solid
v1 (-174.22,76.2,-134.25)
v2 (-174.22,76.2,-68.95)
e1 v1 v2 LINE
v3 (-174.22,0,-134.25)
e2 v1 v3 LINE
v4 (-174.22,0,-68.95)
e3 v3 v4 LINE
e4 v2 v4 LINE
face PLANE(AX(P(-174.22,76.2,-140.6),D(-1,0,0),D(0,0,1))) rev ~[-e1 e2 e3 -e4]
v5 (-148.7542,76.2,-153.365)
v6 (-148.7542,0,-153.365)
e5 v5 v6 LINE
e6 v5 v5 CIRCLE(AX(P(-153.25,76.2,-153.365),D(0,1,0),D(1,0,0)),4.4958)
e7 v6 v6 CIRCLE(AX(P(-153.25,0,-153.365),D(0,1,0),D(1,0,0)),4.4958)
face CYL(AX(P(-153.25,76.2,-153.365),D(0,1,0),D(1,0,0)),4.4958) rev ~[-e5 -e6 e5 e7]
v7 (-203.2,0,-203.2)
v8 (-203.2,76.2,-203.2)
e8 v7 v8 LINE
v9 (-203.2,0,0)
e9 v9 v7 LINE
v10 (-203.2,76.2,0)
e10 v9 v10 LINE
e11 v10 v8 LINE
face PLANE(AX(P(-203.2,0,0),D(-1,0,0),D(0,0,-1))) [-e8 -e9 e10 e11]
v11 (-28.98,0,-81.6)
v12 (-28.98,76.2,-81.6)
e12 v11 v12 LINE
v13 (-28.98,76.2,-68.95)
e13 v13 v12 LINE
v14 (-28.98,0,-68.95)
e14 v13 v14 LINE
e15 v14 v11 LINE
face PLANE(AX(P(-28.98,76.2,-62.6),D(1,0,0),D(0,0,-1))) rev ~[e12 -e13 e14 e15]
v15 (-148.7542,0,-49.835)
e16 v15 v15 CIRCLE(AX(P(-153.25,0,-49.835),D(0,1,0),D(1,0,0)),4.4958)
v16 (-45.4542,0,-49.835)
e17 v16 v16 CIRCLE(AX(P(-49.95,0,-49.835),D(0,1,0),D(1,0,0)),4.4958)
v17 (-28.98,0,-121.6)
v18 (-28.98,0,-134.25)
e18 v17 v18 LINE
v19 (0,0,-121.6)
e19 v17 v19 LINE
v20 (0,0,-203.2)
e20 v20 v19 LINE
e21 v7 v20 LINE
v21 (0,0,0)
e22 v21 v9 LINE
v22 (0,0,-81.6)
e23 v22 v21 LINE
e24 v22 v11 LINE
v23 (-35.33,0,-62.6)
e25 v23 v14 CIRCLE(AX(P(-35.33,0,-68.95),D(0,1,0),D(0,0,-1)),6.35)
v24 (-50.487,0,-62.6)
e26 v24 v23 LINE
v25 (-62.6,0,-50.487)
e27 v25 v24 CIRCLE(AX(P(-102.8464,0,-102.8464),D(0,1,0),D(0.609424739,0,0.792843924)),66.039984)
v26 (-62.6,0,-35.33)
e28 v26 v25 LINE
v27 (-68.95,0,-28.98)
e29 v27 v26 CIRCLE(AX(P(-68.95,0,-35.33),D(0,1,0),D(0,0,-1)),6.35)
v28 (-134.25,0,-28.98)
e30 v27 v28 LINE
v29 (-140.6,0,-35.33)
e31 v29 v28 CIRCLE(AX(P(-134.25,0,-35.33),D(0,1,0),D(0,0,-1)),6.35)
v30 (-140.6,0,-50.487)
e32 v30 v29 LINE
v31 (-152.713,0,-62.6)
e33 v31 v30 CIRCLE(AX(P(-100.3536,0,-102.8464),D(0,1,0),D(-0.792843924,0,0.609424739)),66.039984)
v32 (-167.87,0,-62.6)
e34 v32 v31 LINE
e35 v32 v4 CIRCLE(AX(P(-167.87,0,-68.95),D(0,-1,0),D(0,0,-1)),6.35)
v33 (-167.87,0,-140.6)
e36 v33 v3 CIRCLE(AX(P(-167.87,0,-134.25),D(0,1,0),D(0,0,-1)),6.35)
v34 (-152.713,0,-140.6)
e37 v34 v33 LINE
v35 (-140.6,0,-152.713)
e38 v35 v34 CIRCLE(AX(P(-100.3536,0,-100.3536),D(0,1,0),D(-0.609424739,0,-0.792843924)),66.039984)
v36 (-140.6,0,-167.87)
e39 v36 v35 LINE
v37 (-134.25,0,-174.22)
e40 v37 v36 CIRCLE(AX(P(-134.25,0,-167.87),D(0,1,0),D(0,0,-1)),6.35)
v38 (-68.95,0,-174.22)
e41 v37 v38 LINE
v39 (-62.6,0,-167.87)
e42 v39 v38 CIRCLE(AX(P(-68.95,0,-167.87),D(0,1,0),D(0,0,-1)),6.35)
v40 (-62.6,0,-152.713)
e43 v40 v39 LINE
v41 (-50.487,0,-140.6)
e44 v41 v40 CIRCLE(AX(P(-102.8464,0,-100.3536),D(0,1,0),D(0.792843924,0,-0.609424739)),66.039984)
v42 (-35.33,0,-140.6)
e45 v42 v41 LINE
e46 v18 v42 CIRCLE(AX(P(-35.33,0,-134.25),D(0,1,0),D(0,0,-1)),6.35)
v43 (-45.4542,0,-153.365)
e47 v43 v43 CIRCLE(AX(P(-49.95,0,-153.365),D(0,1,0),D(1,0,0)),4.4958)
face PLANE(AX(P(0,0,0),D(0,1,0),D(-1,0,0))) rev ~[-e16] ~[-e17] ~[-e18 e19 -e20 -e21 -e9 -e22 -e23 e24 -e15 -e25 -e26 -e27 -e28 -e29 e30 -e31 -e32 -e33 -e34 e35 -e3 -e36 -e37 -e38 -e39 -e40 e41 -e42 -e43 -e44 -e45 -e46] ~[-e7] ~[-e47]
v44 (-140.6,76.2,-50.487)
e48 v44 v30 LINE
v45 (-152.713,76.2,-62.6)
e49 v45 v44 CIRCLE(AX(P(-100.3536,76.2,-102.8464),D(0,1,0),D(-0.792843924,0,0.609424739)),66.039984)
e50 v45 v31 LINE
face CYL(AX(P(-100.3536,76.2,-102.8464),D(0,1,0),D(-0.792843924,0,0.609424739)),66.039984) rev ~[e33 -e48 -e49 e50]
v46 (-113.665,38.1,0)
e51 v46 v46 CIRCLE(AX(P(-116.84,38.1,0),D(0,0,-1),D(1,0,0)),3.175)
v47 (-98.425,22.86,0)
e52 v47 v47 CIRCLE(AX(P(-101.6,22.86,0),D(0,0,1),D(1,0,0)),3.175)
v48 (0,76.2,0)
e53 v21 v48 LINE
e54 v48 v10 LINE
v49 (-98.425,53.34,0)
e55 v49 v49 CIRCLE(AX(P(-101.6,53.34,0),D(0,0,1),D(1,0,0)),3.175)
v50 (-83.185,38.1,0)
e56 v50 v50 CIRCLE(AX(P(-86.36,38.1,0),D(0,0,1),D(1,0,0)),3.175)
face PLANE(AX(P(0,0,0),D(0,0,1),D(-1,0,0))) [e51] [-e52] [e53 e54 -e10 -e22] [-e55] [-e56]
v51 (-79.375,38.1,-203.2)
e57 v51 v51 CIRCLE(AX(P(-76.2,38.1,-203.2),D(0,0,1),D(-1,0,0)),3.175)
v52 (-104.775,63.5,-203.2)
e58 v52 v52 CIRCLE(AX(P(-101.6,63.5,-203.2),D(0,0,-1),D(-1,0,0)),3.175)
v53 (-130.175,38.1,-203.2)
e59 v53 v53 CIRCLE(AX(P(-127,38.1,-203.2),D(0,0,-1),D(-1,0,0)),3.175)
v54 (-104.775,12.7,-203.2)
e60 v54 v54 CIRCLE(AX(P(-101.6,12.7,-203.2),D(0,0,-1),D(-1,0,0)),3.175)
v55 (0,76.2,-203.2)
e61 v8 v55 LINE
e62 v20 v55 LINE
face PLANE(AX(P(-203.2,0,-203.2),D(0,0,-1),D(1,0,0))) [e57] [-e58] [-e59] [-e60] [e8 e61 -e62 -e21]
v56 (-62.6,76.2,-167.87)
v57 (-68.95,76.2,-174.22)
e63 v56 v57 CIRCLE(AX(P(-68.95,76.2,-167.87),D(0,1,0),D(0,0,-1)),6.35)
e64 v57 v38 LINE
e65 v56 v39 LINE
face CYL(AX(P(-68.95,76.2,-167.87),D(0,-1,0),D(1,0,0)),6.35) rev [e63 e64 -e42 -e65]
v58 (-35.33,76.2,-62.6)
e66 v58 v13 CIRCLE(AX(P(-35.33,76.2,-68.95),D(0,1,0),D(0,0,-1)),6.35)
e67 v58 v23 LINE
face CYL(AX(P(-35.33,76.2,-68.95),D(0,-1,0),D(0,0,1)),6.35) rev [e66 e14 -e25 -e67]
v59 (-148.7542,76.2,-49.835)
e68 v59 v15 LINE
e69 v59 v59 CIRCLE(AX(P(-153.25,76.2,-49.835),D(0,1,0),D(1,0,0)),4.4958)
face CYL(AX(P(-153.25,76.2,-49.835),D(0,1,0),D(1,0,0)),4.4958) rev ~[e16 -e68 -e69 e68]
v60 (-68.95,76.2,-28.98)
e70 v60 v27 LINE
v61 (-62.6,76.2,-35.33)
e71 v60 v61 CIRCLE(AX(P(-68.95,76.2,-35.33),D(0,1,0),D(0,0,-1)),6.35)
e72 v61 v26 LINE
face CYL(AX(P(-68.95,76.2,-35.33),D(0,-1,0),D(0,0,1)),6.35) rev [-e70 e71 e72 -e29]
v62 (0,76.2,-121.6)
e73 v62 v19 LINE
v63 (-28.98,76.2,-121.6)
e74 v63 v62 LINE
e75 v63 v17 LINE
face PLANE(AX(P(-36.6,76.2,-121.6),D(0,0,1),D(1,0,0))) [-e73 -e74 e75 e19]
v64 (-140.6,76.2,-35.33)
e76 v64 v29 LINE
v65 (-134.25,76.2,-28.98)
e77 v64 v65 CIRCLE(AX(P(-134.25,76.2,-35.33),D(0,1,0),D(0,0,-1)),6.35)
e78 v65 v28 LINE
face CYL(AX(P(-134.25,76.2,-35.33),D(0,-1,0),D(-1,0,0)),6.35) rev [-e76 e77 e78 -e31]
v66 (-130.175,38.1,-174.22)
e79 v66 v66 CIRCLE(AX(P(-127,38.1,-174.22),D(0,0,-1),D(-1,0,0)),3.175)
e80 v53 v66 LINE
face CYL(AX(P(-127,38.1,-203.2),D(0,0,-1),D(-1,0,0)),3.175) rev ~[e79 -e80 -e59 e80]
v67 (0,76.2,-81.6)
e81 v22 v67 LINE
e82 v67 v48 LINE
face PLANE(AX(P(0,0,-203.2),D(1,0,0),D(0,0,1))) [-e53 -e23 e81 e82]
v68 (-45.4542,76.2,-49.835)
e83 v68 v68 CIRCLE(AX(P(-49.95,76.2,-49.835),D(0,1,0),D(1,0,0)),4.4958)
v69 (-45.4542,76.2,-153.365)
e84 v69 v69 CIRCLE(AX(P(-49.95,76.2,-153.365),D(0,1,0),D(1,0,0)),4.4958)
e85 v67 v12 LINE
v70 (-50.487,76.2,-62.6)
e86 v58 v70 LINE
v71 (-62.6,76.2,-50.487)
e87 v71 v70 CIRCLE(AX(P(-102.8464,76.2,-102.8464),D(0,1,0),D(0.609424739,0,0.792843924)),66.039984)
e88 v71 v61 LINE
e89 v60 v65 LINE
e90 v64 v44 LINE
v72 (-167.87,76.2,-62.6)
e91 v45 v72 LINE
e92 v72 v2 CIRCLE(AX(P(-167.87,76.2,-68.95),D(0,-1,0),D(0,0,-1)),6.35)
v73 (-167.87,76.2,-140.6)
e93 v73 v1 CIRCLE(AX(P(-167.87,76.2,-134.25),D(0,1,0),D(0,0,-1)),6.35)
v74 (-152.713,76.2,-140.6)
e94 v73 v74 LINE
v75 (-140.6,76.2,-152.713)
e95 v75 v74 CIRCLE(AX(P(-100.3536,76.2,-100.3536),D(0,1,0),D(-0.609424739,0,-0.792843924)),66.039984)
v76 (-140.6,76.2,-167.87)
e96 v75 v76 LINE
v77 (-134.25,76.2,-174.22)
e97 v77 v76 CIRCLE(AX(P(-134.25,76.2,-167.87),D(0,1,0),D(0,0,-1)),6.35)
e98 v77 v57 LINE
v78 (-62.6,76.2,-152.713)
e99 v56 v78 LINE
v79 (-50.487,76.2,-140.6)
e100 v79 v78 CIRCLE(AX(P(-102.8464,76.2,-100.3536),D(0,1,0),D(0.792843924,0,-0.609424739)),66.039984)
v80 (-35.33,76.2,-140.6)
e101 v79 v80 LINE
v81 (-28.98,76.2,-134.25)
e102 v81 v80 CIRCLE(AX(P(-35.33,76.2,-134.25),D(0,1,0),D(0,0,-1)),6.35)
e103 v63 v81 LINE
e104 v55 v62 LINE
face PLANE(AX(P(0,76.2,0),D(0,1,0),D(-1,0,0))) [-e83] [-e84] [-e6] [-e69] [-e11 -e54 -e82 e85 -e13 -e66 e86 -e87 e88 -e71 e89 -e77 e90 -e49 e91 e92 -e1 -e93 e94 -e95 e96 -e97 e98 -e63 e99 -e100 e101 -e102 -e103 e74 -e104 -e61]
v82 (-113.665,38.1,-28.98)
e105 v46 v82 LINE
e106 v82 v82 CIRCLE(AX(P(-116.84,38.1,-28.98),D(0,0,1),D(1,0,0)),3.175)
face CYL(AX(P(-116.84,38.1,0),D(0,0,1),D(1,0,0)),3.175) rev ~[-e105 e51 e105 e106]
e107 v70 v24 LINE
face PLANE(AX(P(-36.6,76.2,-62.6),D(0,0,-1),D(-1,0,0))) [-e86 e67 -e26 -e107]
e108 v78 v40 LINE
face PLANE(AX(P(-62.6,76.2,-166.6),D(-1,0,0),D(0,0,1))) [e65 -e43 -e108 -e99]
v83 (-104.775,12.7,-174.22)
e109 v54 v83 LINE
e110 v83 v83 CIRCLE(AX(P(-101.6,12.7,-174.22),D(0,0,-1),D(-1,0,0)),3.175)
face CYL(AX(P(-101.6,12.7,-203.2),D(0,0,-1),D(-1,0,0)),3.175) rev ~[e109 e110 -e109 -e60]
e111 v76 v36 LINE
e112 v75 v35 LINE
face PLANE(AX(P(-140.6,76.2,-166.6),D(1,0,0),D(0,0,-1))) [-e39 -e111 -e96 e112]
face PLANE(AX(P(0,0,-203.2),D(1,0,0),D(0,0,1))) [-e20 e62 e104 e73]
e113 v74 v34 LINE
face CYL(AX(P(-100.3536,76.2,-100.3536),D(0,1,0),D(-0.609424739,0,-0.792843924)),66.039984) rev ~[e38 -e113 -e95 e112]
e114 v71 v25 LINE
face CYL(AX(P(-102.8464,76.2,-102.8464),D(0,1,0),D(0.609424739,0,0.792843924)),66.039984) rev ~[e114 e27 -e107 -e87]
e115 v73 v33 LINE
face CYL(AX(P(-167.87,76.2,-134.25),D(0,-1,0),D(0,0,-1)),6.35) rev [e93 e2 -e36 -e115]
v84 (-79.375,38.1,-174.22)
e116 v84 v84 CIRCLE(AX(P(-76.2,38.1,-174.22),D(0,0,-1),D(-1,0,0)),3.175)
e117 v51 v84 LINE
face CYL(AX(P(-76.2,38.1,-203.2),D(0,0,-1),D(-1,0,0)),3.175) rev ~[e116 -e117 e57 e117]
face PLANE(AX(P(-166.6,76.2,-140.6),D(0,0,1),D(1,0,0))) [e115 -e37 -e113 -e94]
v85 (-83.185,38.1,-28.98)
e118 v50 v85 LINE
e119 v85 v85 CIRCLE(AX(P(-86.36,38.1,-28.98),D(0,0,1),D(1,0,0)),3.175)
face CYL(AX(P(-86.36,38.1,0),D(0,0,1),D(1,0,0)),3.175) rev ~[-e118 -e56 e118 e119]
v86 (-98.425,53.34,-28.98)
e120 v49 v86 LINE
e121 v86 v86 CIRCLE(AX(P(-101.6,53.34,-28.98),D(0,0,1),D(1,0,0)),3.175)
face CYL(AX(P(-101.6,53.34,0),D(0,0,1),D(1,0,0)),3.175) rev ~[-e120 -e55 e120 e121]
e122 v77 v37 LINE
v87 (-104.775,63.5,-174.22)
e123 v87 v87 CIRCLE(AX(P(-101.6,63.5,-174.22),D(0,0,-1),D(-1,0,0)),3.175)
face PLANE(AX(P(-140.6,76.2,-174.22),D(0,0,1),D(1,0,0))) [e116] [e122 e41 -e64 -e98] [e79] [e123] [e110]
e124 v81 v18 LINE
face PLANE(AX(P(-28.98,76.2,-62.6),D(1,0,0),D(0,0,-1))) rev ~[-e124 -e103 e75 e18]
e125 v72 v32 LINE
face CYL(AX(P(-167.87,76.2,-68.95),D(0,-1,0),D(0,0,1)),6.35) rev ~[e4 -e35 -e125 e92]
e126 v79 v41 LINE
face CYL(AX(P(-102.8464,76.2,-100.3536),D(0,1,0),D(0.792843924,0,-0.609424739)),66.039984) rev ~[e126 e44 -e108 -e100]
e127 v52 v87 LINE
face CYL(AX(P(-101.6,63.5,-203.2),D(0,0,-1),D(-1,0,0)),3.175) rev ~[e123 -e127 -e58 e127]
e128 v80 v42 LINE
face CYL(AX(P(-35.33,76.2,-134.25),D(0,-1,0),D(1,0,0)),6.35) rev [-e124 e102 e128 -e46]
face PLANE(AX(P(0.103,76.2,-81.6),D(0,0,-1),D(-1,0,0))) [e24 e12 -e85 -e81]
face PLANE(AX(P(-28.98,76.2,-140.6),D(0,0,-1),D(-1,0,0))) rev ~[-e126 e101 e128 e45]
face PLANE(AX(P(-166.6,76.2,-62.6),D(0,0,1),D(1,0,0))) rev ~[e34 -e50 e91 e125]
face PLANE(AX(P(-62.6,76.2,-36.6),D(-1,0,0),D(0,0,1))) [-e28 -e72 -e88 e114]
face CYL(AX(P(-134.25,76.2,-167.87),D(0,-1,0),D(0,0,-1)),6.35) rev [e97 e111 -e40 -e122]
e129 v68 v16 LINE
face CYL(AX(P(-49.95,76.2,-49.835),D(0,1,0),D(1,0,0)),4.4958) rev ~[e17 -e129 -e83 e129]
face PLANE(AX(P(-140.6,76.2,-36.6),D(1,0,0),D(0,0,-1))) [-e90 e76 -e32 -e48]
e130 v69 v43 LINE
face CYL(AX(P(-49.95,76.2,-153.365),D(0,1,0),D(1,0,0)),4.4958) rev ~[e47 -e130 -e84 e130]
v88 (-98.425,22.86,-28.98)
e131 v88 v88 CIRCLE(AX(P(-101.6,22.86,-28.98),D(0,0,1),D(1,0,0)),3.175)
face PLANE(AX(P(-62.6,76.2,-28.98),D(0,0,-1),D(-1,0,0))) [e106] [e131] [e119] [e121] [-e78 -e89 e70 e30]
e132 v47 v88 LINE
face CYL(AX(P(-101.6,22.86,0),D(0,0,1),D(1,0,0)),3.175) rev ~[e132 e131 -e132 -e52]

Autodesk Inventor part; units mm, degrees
ref_plane "YZ Plane" through (0, 0, 0) normal (1, 0, 0) x (0, 1, 0)
ref_plane "XZ Plane" through (0, 0, 0) normal (0, 1, 0) x (-1, 0, 0)
ref_plane "XY Plane" through (0, 0, 0) normal (0, 0, 1) x (1, 0, 0)
sketch "Sketch15" plane through (0, 0, 0) normal (0, 1, 0) x (-1, 0, 0)
  line L0 (0, 0) -> (203.2, 0)
  line L1 (203.2, 0) -> (203.2, -203.2)
  line L2 (203.2, -203.2) -> (0, -203.2)
  line L3 (0, -203.2) -> (0, 0)
  dimension "d149" = 203.2
  dimension "d150" = 203.2
extrude "Extrusion15" add sketch "Sketch15" along normal blind 76.2
sketch "Sketch16" plane through (0, 76.2, 0) normal (0, 1, 0) x (1, 0, 0)
  line L0 (-166.6, 166.6) -> (-36.6, 166.6)
  line L1 (-36.6, 166.6) -> (-36.6, 36.6)
  line L2 (-36.6, 36.6) -> (-166.6, 36.6)
  line L3 (-166.6, 36.6) -> (-166.6, 166.6)
  line L4 (0, 0) -> (0, 203.2) projected
  dimension "d153" = 130
  dimension "d154" = 130
  dimension "d155" = 36.6
  dimension "d156" = 36.6
extrude "Extrusion16" cut sketch "Sketch16" against normal through all
sketch "Sketch17" plane through (-203.2, 0, 0) normal (0, 0, 1) x (1, 0, 0)
  line L0 (203.2, 0) -> (0, 0) projected
  line L1 (0, 0) -> (0, 38.1)
  line L2 (0, 38.1) -> (101.6, 38.1)
  circle A0 centre (116.84, 38.1) radius 3.175
  circle A1 centre (101.6, 53.34) radius 3.175
  circle A2 centre (86.36, 38.1) radius 3.175
  circle A3 centre (101.6, 22.86) radius 3.175
  dimension "d159" = 101.6
  dimension "d160" = 38.1
  dimension "d161" = 6.35
  dimension "d162" = 15.24
  dimension "d163" = 0
  dimension "d166" = 360
extrude "Extrusion17" cut sketch "Sketch17" against normal blind 101.6
sketch "Sketch19" plane through (0, 76.2, 0) normal (0, 1, 0) x (1, 0, 0)
  line L0 (-36.6, 36.6) -> (-36.6, 166.6) projected
  line L1 (-36.6, 121.6) -> (0.103, 121.6)
  line L2 (0.103, 121.6) -> (0.103, 81.6)
  line L3 (0.103, 81.6) -> (-36.6, 81.6)
  line L4 (-36.6, 81.6) -> (-36.6, 121.6)
  line L5 (-166.6, 166.6) -> (-36.6, 166.6) projected
  point P0 (0, 0)
  dimension "d170" = 40
  dimension "d171" = 45
  dimension "d172" = 36.703
sketch "Sketch22" plane through (0, 76.2, 0) normal (0, 1, 0) x (1, 0, 0)
  line L0 (-166.6, 36.6) -> (-166.6, 62.6)
  line L1 (-166.6, 36.6) -> (-140.6, 36.6)
  line L2 (-140.6, 36.6) -> (-140.6, 50.487)
  line L3 (-166.6, 62.6) -> (-152.713, 62.6)
  arc A0 (-152.713, 62.6) -> (-140.6, 50.487) centre (-100.3536, 102.8464) ccw
  circle A1 centre (-153.25, 49.835) radius 4.4958
  line L4 (-166.6, 166.6) -> (-166.6, 140.6)
  line L5 (-166.6, 166.6) -> (-140.6, 166.6)
  line L6 (-166.6, 140.6) -> (-152.713, 140.6)
  line L7 (-140.6, 166.6) -> (-140.6, 152.713)
  arc A2 (-140.6, 152.713) -> (-152.713, 140.6) centre (-100.3536, 100.3536) ccw
  circle A3 centre (-153.25, 153.365) radius 4.4958
  line L8 (-101.6, 36.6) -> (-101.6, 166.6)
  line L9 (-166.6, 166.6) -> (-140.6, 166.6)
  line L10 (-166.6, 140.6) -> (-166.6, 166.6)
  line L11 (-166.6, 36.6) -> (-140.6, 36.6)
  line L12 (-166.6, 166.6) -> (-166.6, 140.6)
  line L13 (-36.6, 36.6) -> (-36.6, 62.6)
  line L14 (-36.6, 36.6) -> (-62.6, 36.6)
  line L15 (-62.6, 36.6) -> (-62.6, 50.487)
  line L16 (-36.6, 62.6) -> (-50.487, 62.6)
  arc A4 (-62.6, 50.487) -> (-50.487, 62.6) centre (-102.8464, 102.8464) ccw
  circle A5 centre (-49.95, 49.835) radius 4.4958
  line L17 (-36.6, 166.6) -> (-36.6, 140.6)
  line L18 (-36.6, 166.6) -> (-62.6, 166.6)
  line L19 (-36.6, 140.6) -> (-50.487, 140.6)
  line L20 (-62.6, 166.6) -> (-62.6, 152.713)
  arc A6 (-50.487, 140.6) -> (-62.6, 152.713) centre (-102.8464, 100.3536) ccw
  circle A7 centre (-49.95, 153.365) radius 4.4958
  point P0 (0, 0)
  dimension "d191" = 26
  dimension "d206" = 13.887
  dimension "d207" = 13.887
  dimension "d208" = 66.04
  dimension "d210" = 13.35
  dimension "d214" = 8.9916
  dimension "d217" = 12.765
  dimension "d218" = 26
  dimension "d219" = 26
  dimension "d220" = 13.887
  dimension "d221" = 13.887
  dimension "d222" = 66.04
  dimension "d223" = 8.9916
  dimension "d224" = 12.765
  dimension "d225" = 13.35
  dimension "d232" = 90
  dimension "d233" = 26
  dimension "d234" = 65
  dimension "d235" = 130
  dimension "d236" = 0
sketch "Sketch23" plane through (0, 0, -203.2) normal (0, 0, -1) x (-1, 0, 0)
  line L0 (0, 0) -> (0, 38.1)
  circle A0 centre (127, 38.1) radius 3.175
  line L1 (0, 38.1) -> (101.6, 38.1)
  circle A1 centre (101.6, 63.5) radius 3.175
  circle A2 centre (76.2, 38.1) radius 3.175
  circle A3 centre (101.6, 12.7) radius 3.175
  dimension "d180" = 101.6
  dimension "d181" = 38.1
  dimension "d182" = 25.4
  dimension "d183" = 0
  dimension "d184" = 6.35
  dimension "d187" = 360
extrude "Extrusion20" cut sketch "Sketch23" against normal blind 101.6
extrude "Extrusion28" add sketch "Sketch22" against normal blind 76.2
sketch "Sketch26" plane through (0, 76.2, 0) normal (0, 1, 0) x (1, 0, 0)
  line L0 (-62.6, 166.6) -> (-140.6, 166.6)
  line L1 (-140.6, 166.6) -> (-140.6, 174.22)
  line L2 (-140.6, 174.22) -> (-62.6, 174.22)
  line L3 (-62.6, 174.22) -> (-62.6, 166.6)
  line L4 (-140.6, 152.713) -> (-140.6, 166.6) projected
  line L5 (-140.6, 36.6) -> (-140.6, 50.487) projected
  line L6 (-140.6, 36.6) -> (-62.6, 36.6)
  line L7 (-62.6, 36.6) -> (-62.6, 28.98)
  line L8 (-62.6, 28.98) -> (-140.6, 28.98)
  line L9 (-140.6, 28.98) -> (-140.6, 36.6)
  line L10 (-62.6, 50.487) -> (-62.6, 36.6) projected
  point P0 (0, 0)
  dimension "d242" = 0
  dimension "d243" = 7.62
  dimension "d244" = 0
  dimension "d245" = 7.62
extrude "Extrusion29" cut sketch "Sketch26" against normal through all
sketch "Sketch28" plane through (0, 76.2, 0) normal (0, 1, 0) x (1, 0, 0)
  line L0 (-166.6, 140.6) -> (-166.6, 62.6) projected
  line L1 (-166.6, 140.6) -> (-174.22, 140.6)
  line L2 (-174.22, 140.6) -> (-174.22, 62.6)
  line L3 (-174.22, 62.6) -> (-166.6, 62.6)
  line L4 (-166.6, 62.6) -> (-166.6, 140.6)
  line L5 (-152.713, 62.6) -> (-166.6, 62.6) projected
  line L6 (-36.6, 62.6) -> (-36.6, 140.6) projected
  line L7 (-36.6, 62.6) -> (-28.98, 62.6)
  line L8 (-28.98, 62.6) -> (-28.98, 140.6)
  line L9 (-28.98, 140.6) -> (-36.6, 140.6)
  line L10 (-36.6, 140.6) -> (-36.6, 62.6)
  line L11 (-50.487, 140.6) -> (-36.6, 140.6) projected
  point P0 (0, 0)
  point P1 (-170.41, 62.6)
  dimension "d253" = 0
  dimension "d254" = 7.62
  dimension "d255" = 0
  dimension "d256" = 7.62
extrude "Extrusion30" cut sketch "Sketch28" against normal through all
fillet "Fillet9" radius 6.35 8 edges at (-140.6, 38.1, -174.22) (-62.6, 38.1, -174.22) (-28.98, 38.1, -140.6) (-28.98, 38.1, -62.6) (-62.6, 38.1, -28.98) (-140.6, 38.1, -28.98) (-174.22, 38.1, -62.6) (-174.22, 38.1, -140.6)
extrude "Extrusion31" cut sketch "Sketch19" against normal through all
properties part number "FrontPlateV2"
